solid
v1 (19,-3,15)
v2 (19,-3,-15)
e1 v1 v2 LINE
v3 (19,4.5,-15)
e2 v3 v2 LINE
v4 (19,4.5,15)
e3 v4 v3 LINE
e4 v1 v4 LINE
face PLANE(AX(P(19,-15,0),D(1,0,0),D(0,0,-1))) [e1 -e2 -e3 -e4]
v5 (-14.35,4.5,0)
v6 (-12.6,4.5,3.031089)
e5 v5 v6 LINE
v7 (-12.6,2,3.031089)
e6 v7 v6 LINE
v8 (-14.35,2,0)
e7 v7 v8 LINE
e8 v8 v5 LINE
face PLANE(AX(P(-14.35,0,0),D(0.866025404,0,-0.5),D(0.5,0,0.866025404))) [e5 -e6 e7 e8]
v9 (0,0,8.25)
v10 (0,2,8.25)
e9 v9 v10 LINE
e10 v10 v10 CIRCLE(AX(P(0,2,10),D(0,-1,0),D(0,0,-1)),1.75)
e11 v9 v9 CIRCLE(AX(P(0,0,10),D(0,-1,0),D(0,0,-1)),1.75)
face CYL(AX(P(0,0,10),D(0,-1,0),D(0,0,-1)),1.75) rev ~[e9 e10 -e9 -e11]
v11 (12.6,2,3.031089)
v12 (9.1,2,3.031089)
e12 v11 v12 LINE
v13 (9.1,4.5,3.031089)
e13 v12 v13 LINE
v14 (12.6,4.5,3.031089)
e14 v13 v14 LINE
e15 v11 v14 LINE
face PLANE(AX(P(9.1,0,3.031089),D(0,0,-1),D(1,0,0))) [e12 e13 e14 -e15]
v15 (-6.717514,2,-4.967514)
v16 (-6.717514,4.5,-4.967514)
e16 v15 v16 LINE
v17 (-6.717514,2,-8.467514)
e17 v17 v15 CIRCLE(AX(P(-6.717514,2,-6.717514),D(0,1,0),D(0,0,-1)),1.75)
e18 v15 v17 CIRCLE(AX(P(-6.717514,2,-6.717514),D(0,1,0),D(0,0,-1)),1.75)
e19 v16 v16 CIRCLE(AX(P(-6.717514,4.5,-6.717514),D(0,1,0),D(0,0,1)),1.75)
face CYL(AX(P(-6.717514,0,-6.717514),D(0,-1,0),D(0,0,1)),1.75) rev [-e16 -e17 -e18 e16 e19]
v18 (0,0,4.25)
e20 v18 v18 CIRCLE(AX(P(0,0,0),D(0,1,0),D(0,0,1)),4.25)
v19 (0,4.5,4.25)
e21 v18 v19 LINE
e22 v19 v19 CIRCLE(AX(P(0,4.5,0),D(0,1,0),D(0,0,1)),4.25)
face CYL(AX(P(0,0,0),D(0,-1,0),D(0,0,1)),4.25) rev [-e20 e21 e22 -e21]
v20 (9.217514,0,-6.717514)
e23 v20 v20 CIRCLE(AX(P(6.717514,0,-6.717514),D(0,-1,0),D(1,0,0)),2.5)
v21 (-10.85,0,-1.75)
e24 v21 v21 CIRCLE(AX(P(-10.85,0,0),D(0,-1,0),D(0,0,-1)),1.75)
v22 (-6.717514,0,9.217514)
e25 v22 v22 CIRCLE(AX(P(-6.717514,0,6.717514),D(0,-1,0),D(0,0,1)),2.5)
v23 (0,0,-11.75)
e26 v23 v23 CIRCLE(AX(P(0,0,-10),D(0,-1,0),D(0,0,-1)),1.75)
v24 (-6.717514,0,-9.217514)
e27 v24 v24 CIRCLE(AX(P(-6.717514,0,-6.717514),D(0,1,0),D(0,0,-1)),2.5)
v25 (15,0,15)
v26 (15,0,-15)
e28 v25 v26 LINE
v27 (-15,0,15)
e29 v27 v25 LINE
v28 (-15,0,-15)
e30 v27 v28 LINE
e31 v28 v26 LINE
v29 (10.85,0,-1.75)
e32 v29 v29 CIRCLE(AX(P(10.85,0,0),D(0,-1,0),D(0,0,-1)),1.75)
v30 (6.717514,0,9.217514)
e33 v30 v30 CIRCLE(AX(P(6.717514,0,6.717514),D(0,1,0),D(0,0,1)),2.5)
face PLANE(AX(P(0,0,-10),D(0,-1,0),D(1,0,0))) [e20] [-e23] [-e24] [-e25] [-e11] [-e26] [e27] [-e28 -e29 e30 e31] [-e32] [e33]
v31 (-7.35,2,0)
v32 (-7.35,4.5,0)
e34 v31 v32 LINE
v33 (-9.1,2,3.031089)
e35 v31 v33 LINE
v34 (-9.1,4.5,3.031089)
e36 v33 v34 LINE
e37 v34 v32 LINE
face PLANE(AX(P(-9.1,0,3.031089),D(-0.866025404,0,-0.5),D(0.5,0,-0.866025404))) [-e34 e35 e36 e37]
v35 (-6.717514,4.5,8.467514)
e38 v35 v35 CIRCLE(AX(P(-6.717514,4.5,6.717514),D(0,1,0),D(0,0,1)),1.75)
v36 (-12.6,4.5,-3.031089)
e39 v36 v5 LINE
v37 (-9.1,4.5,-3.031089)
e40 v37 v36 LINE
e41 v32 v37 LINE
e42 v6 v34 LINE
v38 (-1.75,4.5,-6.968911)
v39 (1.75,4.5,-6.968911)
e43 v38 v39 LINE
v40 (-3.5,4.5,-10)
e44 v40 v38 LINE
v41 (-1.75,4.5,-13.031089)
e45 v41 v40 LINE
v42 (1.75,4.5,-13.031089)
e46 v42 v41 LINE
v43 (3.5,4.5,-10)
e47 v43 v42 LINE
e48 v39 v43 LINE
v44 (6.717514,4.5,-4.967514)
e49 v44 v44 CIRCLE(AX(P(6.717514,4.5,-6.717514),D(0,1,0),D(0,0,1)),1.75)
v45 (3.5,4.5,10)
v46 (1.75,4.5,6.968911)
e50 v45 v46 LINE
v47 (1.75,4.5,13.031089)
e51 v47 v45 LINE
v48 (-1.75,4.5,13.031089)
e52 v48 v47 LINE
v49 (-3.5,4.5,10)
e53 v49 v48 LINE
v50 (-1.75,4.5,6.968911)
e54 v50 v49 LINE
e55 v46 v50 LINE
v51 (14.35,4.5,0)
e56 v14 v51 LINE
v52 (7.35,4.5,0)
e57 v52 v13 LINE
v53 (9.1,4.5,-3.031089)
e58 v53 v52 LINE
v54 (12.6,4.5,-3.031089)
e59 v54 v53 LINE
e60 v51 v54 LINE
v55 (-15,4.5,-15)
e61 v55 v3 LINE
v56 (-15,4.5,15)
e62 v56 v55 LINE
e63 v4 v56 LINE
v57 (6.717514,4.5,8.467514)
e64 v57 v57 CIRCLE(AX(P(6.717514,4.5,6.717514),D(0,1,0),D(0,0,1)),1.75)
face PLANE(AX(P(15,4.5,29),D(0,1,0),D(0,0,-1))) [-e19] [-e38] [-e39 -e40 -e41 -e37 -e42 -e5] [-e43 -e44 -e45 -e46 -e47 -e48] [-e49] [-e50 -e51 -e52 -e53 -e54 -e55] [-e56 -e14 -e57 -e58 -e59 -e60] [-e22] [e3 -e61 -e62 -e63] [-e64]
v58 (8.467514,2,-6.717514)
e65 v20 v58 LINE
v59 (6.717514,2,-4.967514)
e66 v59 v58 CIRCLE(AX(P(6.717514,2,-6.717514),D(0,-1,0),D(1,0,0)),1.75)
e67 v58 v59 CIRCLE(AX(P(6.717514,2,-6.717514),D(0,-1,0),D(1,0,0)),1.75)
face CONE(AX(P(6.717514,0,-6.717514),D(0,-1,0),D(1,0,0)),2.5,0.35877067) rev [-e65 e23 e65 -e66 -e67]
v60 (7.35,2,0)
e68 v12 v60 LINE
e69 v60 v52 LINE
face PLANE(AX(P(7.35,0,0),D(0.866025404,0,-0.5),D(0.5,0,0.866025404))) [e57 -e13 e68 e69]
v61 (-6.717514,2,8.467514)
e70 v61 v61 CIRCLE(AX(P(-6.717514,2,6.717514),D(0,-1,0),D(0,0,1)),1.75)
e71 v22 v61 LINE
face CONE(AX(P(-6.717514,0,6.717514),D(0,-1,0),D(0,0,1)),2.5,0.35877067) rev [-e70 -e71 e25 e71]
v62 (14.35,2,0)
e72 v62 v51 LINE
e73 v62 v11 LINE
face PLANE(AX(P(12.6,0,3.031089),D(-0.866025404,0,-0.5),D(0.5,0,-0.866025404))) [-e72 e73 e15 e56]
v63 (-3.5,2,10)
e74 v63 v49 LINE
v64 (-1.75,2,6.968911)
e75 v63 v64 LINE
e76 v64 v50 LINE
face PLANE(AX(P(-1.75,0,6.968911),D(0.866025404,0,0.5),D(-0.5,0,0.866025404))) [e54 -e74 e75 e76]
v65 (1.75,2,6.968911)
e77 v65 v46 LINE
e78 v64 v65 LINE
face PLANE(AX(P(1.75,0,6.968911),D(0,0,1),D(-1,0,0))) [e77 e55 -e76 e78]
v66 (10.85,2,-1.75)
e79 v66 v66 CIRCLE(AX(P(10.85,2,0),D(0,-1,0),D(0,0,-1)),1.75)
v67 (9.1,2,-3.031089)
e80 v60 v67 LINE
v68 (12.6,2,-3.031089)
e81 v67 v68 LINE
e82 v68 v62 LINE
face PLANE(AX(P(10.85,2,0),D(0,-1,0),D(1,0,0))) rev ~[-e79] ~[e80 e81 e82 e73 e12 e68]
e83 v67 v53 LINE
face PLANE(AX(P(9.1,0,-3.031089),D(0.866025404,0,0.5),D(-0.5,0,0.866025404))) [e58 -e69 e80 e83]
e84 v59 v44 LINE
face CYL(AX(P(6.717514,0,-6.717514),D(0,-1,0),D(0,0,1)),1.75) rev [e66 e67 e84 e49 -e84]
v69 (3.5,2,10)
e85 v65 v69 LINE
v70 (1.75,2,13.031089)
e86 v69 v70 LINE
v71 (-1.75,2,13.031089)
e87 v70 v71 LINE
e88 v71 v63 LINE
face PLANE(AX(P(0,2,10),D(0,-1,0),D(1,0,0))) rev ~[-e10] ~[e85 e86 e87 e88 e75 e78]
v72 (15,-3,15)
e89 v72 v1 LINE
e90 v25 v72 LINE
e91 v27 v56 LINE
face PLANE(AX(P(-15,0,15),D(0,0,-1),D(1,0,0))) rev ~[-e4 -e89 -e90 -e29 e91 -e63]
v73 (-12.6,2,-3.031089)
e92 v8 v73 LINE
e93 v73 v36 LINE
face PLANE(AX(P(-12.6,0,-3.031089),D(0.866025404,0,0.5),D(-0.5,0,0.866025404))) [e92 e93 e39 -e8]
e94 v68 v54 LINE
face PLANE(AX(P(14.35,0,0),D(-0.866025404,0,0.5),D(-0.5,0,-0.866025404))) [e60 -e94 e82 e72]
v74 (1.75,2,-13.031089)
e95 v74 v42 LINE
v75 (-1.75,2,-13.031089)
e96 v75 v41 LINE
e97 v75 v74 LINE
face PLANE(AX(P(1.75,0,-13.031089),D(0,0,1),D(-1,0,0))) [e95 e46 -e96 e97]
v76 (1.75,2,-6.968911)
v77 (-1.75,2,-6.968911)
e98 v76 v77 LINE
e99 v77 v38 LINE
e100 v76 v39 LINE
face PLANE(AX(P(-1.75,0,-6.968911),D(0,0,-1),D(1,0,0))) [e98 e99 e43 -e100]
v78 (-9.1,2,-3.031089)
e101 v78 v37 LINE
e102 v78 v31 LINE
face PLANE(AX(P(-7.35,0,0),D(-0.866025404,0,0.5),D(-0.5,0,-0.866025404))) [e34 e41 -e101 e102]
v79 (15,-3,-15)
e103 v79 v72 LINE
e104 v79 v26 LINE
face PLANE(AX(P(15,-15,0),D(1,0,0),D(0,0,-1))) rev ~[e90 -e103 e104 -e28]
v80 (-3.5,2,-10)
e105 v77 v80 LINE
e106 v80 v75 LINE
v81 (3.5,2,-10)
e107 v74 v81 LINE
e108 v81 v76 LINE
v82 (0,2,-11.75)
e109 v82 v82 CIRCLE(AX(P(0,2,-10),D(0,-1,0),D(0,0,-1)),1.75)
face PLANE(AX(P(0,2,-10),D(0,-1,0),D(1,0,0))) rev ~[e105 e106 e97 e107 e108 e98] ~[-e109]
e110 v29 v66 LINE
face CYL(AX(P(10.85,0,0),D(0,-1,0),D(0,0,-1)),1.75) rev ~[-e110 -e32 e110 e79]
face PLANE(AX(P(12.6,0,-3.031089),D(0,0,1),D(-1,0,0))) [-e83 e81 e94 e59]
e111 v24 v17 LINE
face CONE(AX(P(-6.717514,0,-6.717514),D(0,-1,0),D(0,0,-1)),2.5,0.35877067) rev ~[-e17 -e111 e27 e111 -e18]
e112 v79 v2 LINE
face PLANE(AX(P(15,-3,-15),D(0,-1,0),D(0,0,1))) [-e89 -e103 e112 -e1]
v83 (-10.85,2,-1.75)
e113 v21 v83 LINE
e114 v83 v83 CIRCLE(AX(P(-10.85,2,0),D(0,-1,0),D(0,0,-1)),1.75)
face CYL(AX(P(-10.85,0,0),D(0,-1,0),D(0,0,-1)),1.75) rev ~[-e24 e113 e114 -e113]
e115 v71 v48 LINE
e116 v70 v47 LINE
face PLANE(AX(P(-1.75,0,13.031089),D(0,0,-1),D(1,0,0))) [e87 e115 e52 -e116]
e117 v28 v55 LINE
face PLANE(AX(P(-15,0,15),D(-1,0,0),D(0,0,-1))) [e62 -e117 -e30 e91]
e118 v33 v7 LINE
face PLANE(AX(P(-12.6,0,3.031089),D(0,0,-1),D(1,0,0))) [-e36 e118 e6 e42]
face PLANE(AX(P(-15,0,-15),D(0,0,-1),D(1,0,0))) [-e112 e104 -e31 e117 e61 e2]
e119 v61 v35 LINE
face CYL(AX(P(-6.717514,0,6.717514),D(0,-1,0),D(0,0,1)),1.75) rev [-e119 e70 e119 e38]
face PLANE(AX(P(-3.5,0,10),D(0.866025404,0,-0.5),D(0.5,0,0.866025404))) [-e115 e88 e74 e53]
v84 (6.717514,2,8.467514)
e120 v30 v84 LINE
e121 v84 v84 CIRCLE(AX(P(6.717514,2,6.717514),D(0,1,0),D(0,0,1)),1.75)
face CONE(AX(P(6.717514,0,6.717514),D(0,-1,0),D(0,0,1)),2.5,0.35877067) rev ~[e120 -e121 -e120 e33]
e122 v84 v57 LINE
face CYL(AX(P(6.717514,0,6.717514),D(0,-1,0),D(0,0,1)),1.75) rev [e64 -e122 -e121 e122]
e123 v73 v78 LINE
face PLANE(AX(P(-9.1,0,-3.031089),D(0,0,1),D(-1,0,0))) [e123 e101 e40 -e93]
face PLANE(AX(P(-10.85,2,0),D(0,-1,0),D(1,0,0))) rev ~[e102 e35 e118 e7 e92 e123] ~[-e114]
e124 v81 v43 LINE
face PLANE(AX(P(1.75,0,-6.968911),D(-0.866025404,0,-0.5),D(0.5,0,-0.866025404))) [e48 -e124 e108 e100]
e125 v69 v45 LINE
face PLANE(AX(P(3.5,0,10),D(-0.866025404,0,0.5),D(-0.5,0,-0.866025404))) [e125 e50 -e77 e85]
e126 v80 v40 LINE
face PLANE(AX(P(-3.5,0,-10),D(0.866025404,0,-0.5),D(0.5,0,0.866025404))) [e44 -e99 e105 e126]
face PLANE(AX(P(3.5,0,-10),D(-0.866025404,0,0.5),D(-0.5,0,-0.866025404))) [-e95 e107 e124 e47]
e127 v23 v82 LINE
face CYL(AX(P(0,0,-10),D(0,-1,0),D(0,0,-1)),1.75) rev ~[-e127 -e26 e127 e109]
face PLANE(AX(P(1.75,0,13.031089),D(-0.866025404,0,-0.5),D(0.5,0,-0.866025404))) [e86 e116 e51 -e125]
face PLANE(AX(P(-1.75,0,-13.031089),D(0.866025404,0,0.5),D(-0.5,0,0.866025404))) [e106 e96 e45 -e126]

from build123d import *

# Parameters (mm, degrees)
SCHIZZO1_W                  = 30
SCHIZZO1_H                  = 30
SCHIZZO1_R                  = 1.75
SCHIZZO1_R_2                = 4.25
PIASTRAAGGANCIO_DEPTH       = 4.5
SCHIZZO4_W                  = 58
SCHIZZO4_H                  = 39
BASEESC_DEPTH               = 4
SCHIZZO5_W                  = 8
SCHIZZO5_H                  = 4
APERTURAFASCETTA_DEPTH      = 57.455734873
SCHIZZO8_R                  = 1.75
CHIUSURAFORIESAGONALI_DEPTH = 2
RIMOZIONEPIASTAESC_DEPTH    = 10


with BuildPart() as part:
    # Schizzo1 → PiastraAggancio (new body)
    with BuildSketch(Plane(origin=(0, 0, 0), x_dir=(1, 0, 0), z_dir=(0, 1, 0))):
        Rectangle(SCHIZZO1_W, SCHIZZO1_H)
        with Locations(Location((6.717514421, -6.717514421, 0), (0, 0, 270))):
            Circle(SCHIZZO1_R, mode=Mode.SUBTRACT)
        with Locations(Location((-6.717514421, -6.717514421, 0), (0, 0, 270))):
            Circle(SCHIZZO1_R, mode=Mode.SUBTRACT)
        with Locations(Location((-6.717514421, 6.717514421, 0), (0, 0, 270))):
            Circle(SCHIZZO1_R, mode=Mode.SUBTRACT)
        with Locations(Location((6.717514421, 6.717514421, 0), (0, 0, 270))):
            Circle(SCHIZZO1_R, mode=Mode.SUBTRACT)
        with Locations(Location((0, 0, 0), (0, 0, 270))):
            Circle(SCHIZZO1_R_2, mode=Mode.SUBTRACT)
        Polygon((12.6, -3.031088913), (14.35, 0), (12.6, 3.031088913), (9.1, 3.031088913), (7.35, 0), (9.1, -3.031088913), align=None, mode=Mode.SUBTRACT)
        Polygon((-3.5, -10), (-1.75, -13.031088913), (1.75, -13.031088913), (3.5, -10), (1.75, -6.968911087), (-1.75, -6.968911087), align=None, mode=Mode.SUBTRACT)
        Polygon((-14.35, 0), (-12.6, -3.031088913), (-9.1, -3.031088913), (-7.35, 0), (-9.1, 3.031088913), (-12.6, 3.031088913), align=None, mode=Mode.SUBTRACT)
        Polygon((1.75, 6.968911087), (3.5, 10), (1.75, 13.031088913), (-1.75, 13.031088913), (-3.5, 10), (-1.75, 6.968911087), align=None, mode=Mode.SUBTRACT)
    extrude(amount=PIASTRAAGGANCIO_DEPTH)

    # Schizzo4 → BaseESC (add)
    with BuildSketch(Plane(origin=(15, 0, 0), x_dir=(0, 0, -1), z_dir=(1, 0, 0))):
        with Locations((0, -15)):
            Rectangle(SCHIZZO4_W, SCHIZZO4_H)
    extrude(amount=BASEESC_DEPTH)

    # Schizzo5 → AperturaFascetta (cut, through all)
    with BuildSketch(Plane(origin=(19, 0, 0), x_dir=(0, 0, -1), z_dir=(1, 0, 0))):
        with Locations((-21, -0.5)):
            Rectangle(SCHIZZO5_W, SCHIZZO5_H)
        with Locations((21, -0.5)):
            Rectangle(SCHIZZO5_W, SCHIZZO5_H)
        with Locations((21, -29.5)):
            Rectangle(SCHIZZO5_W, SCHIZZO5_H)
        with Locations((-21, -29.5)):
            Rectangle(SCHIZZO5_W, SCHIZZO5_H)
    extrude(amount=-APERTURAFASCETTA_DEPTH, mode=Mode.SUBTRACT)

    # Schizzo7 → SvasaturaVitiInferiori (revolve, cut)
    with BuildSketch(Plane.XY.offset(6.717514421), mode=Mode.PRIVATE) as svasaturavitiinferiori_sk:
        Polygon((-9.217514421, 0), (-8.467514421, 2), (-6.717514421, 2), (-6.717514421, 0), align=None)
    svasaturavitiinferiori = revolve(svasaturavitiinferiori_sk.sketch.rotate(Axis((-6.717514421, 2, 6.717514421), (0, -1, 0)), 270), axis=Axis((-6.717514421, 2, 6.717514421), (0, -1, 0)), mode=Mode.SUBTRACT)

    # SvasaturaVitiInferiori2: SvasaturaVitiInferiori across plane
    add(svasaturavitiinferiori.mirror(Plane(origin=(0, 0, 0), x_dir=(0, 0, 1), z_dir=(1, 0, 0))), mode=Mode.SUBTRACT)

    # SvasaturaVitiInferiori3: SvasaturaVitiInferiori across plane
    add(svasaturavitiinferiori.mirror(Plane.XY), mode=Mode.SUBTRACT)

    # SvasaturaVitiInferiori3 copy 1 sketch → SvasaturaVitiInferiori3 copy 1 (revolve, cut)
    with BuildSketch(Plane(origin=(0, 0, -6.717514421), x_dir=(-1, 0, 0), z_dir=(0, 0, -1))):
        Polygon((-9.217514421, 0), (-8.467514421, 2), (-6.717514421, 2), (-6.717514421, 0), align=None)
    revolve(axis=Axis((6.717514421, 2, -6.717514421), (0, -1, 0)), mode=Mode.SUBTRACT)

    # Schizzo8 → ChiusuraForiEsagonali (add)
    # profile 1 of 4: a face of its own
    with BuildSketch(Plane.XZ):
        Polygon((1.75, -13.031088913), (3.5, -10), (1.75, -6.968911087), (-1.75, -6.968911087), (-3.5, -10), (-1.75, -13.031088913), align=None)
        with Locations(Location((0, -10, 0), (0, 0, 270))):
            Circle(SCHIZZO8_R, mode=Mode.SUBTRACT)
    # profile 2 of 4: a face of its own
    with BuildSketch(Plane.XZ):
        Polygon((12.6, 3.031088913), (9.1, 3.031088913), (7.35, 0), (9.1, -3.031088913), (12.6, -3.031088913), (14.35, 0), align=None)
        with Locations(Location((10.85, 0, 0), (0, 0, 270))):
            Circle(SCHIZZO8_R, mode=Mode.SUBTRACT)
    # profile 3 of 4: a face of its own
    with BuildSketch(Plane.XZ):
        Polygon((-1.75, 13.031088913), (-3.5, 10), (-1.75, 6.968911087), (1.75, 6.968911087), (3.5, 10), (1.75, 13.031088913), align=None)
        with Locations(Location((0, 10, 0), (0, 0, 270))):
            Circle(SCHIZZO8_R, mode=Mode.SUBTRACT)
    # profile 4 of 4: a face of its own
    with BuildSketch(Plane.XZ):
        Polygon((-14.35, 0), (-12.6, -3.031088913), (-9.1, -3.031088913), (-7.35, 0), (-9.1, 3.031088913), (-12.6, 3.031088913), align=None)
        with Locations(Location((-10.85, 0, 0), (0, 0, 270))):
            Circle(SCHIZZO8_R, mode=Mode.SUBTRACT)
    extrude(amount=-CHIUSURAFORIESAGONALI_DEPTH)

    # Schizzo9 → RimozionePiastaESC (cut)
    with BuildSketch(Plane.ZY.offset(-15)):
        Polygon((-15, 0), (-15, -3), (15, -3), (15, 0), (15, 4.5), (29, 4.5), (29, -34.5), (-29, -34.5), (-29, 4.5), (-15, 4.5), align=None)
    extrude(amount=-RIMOZIONEPIASTAESC_DEPTH, mode=Mode.SUBTRACT)


solid = part.part
